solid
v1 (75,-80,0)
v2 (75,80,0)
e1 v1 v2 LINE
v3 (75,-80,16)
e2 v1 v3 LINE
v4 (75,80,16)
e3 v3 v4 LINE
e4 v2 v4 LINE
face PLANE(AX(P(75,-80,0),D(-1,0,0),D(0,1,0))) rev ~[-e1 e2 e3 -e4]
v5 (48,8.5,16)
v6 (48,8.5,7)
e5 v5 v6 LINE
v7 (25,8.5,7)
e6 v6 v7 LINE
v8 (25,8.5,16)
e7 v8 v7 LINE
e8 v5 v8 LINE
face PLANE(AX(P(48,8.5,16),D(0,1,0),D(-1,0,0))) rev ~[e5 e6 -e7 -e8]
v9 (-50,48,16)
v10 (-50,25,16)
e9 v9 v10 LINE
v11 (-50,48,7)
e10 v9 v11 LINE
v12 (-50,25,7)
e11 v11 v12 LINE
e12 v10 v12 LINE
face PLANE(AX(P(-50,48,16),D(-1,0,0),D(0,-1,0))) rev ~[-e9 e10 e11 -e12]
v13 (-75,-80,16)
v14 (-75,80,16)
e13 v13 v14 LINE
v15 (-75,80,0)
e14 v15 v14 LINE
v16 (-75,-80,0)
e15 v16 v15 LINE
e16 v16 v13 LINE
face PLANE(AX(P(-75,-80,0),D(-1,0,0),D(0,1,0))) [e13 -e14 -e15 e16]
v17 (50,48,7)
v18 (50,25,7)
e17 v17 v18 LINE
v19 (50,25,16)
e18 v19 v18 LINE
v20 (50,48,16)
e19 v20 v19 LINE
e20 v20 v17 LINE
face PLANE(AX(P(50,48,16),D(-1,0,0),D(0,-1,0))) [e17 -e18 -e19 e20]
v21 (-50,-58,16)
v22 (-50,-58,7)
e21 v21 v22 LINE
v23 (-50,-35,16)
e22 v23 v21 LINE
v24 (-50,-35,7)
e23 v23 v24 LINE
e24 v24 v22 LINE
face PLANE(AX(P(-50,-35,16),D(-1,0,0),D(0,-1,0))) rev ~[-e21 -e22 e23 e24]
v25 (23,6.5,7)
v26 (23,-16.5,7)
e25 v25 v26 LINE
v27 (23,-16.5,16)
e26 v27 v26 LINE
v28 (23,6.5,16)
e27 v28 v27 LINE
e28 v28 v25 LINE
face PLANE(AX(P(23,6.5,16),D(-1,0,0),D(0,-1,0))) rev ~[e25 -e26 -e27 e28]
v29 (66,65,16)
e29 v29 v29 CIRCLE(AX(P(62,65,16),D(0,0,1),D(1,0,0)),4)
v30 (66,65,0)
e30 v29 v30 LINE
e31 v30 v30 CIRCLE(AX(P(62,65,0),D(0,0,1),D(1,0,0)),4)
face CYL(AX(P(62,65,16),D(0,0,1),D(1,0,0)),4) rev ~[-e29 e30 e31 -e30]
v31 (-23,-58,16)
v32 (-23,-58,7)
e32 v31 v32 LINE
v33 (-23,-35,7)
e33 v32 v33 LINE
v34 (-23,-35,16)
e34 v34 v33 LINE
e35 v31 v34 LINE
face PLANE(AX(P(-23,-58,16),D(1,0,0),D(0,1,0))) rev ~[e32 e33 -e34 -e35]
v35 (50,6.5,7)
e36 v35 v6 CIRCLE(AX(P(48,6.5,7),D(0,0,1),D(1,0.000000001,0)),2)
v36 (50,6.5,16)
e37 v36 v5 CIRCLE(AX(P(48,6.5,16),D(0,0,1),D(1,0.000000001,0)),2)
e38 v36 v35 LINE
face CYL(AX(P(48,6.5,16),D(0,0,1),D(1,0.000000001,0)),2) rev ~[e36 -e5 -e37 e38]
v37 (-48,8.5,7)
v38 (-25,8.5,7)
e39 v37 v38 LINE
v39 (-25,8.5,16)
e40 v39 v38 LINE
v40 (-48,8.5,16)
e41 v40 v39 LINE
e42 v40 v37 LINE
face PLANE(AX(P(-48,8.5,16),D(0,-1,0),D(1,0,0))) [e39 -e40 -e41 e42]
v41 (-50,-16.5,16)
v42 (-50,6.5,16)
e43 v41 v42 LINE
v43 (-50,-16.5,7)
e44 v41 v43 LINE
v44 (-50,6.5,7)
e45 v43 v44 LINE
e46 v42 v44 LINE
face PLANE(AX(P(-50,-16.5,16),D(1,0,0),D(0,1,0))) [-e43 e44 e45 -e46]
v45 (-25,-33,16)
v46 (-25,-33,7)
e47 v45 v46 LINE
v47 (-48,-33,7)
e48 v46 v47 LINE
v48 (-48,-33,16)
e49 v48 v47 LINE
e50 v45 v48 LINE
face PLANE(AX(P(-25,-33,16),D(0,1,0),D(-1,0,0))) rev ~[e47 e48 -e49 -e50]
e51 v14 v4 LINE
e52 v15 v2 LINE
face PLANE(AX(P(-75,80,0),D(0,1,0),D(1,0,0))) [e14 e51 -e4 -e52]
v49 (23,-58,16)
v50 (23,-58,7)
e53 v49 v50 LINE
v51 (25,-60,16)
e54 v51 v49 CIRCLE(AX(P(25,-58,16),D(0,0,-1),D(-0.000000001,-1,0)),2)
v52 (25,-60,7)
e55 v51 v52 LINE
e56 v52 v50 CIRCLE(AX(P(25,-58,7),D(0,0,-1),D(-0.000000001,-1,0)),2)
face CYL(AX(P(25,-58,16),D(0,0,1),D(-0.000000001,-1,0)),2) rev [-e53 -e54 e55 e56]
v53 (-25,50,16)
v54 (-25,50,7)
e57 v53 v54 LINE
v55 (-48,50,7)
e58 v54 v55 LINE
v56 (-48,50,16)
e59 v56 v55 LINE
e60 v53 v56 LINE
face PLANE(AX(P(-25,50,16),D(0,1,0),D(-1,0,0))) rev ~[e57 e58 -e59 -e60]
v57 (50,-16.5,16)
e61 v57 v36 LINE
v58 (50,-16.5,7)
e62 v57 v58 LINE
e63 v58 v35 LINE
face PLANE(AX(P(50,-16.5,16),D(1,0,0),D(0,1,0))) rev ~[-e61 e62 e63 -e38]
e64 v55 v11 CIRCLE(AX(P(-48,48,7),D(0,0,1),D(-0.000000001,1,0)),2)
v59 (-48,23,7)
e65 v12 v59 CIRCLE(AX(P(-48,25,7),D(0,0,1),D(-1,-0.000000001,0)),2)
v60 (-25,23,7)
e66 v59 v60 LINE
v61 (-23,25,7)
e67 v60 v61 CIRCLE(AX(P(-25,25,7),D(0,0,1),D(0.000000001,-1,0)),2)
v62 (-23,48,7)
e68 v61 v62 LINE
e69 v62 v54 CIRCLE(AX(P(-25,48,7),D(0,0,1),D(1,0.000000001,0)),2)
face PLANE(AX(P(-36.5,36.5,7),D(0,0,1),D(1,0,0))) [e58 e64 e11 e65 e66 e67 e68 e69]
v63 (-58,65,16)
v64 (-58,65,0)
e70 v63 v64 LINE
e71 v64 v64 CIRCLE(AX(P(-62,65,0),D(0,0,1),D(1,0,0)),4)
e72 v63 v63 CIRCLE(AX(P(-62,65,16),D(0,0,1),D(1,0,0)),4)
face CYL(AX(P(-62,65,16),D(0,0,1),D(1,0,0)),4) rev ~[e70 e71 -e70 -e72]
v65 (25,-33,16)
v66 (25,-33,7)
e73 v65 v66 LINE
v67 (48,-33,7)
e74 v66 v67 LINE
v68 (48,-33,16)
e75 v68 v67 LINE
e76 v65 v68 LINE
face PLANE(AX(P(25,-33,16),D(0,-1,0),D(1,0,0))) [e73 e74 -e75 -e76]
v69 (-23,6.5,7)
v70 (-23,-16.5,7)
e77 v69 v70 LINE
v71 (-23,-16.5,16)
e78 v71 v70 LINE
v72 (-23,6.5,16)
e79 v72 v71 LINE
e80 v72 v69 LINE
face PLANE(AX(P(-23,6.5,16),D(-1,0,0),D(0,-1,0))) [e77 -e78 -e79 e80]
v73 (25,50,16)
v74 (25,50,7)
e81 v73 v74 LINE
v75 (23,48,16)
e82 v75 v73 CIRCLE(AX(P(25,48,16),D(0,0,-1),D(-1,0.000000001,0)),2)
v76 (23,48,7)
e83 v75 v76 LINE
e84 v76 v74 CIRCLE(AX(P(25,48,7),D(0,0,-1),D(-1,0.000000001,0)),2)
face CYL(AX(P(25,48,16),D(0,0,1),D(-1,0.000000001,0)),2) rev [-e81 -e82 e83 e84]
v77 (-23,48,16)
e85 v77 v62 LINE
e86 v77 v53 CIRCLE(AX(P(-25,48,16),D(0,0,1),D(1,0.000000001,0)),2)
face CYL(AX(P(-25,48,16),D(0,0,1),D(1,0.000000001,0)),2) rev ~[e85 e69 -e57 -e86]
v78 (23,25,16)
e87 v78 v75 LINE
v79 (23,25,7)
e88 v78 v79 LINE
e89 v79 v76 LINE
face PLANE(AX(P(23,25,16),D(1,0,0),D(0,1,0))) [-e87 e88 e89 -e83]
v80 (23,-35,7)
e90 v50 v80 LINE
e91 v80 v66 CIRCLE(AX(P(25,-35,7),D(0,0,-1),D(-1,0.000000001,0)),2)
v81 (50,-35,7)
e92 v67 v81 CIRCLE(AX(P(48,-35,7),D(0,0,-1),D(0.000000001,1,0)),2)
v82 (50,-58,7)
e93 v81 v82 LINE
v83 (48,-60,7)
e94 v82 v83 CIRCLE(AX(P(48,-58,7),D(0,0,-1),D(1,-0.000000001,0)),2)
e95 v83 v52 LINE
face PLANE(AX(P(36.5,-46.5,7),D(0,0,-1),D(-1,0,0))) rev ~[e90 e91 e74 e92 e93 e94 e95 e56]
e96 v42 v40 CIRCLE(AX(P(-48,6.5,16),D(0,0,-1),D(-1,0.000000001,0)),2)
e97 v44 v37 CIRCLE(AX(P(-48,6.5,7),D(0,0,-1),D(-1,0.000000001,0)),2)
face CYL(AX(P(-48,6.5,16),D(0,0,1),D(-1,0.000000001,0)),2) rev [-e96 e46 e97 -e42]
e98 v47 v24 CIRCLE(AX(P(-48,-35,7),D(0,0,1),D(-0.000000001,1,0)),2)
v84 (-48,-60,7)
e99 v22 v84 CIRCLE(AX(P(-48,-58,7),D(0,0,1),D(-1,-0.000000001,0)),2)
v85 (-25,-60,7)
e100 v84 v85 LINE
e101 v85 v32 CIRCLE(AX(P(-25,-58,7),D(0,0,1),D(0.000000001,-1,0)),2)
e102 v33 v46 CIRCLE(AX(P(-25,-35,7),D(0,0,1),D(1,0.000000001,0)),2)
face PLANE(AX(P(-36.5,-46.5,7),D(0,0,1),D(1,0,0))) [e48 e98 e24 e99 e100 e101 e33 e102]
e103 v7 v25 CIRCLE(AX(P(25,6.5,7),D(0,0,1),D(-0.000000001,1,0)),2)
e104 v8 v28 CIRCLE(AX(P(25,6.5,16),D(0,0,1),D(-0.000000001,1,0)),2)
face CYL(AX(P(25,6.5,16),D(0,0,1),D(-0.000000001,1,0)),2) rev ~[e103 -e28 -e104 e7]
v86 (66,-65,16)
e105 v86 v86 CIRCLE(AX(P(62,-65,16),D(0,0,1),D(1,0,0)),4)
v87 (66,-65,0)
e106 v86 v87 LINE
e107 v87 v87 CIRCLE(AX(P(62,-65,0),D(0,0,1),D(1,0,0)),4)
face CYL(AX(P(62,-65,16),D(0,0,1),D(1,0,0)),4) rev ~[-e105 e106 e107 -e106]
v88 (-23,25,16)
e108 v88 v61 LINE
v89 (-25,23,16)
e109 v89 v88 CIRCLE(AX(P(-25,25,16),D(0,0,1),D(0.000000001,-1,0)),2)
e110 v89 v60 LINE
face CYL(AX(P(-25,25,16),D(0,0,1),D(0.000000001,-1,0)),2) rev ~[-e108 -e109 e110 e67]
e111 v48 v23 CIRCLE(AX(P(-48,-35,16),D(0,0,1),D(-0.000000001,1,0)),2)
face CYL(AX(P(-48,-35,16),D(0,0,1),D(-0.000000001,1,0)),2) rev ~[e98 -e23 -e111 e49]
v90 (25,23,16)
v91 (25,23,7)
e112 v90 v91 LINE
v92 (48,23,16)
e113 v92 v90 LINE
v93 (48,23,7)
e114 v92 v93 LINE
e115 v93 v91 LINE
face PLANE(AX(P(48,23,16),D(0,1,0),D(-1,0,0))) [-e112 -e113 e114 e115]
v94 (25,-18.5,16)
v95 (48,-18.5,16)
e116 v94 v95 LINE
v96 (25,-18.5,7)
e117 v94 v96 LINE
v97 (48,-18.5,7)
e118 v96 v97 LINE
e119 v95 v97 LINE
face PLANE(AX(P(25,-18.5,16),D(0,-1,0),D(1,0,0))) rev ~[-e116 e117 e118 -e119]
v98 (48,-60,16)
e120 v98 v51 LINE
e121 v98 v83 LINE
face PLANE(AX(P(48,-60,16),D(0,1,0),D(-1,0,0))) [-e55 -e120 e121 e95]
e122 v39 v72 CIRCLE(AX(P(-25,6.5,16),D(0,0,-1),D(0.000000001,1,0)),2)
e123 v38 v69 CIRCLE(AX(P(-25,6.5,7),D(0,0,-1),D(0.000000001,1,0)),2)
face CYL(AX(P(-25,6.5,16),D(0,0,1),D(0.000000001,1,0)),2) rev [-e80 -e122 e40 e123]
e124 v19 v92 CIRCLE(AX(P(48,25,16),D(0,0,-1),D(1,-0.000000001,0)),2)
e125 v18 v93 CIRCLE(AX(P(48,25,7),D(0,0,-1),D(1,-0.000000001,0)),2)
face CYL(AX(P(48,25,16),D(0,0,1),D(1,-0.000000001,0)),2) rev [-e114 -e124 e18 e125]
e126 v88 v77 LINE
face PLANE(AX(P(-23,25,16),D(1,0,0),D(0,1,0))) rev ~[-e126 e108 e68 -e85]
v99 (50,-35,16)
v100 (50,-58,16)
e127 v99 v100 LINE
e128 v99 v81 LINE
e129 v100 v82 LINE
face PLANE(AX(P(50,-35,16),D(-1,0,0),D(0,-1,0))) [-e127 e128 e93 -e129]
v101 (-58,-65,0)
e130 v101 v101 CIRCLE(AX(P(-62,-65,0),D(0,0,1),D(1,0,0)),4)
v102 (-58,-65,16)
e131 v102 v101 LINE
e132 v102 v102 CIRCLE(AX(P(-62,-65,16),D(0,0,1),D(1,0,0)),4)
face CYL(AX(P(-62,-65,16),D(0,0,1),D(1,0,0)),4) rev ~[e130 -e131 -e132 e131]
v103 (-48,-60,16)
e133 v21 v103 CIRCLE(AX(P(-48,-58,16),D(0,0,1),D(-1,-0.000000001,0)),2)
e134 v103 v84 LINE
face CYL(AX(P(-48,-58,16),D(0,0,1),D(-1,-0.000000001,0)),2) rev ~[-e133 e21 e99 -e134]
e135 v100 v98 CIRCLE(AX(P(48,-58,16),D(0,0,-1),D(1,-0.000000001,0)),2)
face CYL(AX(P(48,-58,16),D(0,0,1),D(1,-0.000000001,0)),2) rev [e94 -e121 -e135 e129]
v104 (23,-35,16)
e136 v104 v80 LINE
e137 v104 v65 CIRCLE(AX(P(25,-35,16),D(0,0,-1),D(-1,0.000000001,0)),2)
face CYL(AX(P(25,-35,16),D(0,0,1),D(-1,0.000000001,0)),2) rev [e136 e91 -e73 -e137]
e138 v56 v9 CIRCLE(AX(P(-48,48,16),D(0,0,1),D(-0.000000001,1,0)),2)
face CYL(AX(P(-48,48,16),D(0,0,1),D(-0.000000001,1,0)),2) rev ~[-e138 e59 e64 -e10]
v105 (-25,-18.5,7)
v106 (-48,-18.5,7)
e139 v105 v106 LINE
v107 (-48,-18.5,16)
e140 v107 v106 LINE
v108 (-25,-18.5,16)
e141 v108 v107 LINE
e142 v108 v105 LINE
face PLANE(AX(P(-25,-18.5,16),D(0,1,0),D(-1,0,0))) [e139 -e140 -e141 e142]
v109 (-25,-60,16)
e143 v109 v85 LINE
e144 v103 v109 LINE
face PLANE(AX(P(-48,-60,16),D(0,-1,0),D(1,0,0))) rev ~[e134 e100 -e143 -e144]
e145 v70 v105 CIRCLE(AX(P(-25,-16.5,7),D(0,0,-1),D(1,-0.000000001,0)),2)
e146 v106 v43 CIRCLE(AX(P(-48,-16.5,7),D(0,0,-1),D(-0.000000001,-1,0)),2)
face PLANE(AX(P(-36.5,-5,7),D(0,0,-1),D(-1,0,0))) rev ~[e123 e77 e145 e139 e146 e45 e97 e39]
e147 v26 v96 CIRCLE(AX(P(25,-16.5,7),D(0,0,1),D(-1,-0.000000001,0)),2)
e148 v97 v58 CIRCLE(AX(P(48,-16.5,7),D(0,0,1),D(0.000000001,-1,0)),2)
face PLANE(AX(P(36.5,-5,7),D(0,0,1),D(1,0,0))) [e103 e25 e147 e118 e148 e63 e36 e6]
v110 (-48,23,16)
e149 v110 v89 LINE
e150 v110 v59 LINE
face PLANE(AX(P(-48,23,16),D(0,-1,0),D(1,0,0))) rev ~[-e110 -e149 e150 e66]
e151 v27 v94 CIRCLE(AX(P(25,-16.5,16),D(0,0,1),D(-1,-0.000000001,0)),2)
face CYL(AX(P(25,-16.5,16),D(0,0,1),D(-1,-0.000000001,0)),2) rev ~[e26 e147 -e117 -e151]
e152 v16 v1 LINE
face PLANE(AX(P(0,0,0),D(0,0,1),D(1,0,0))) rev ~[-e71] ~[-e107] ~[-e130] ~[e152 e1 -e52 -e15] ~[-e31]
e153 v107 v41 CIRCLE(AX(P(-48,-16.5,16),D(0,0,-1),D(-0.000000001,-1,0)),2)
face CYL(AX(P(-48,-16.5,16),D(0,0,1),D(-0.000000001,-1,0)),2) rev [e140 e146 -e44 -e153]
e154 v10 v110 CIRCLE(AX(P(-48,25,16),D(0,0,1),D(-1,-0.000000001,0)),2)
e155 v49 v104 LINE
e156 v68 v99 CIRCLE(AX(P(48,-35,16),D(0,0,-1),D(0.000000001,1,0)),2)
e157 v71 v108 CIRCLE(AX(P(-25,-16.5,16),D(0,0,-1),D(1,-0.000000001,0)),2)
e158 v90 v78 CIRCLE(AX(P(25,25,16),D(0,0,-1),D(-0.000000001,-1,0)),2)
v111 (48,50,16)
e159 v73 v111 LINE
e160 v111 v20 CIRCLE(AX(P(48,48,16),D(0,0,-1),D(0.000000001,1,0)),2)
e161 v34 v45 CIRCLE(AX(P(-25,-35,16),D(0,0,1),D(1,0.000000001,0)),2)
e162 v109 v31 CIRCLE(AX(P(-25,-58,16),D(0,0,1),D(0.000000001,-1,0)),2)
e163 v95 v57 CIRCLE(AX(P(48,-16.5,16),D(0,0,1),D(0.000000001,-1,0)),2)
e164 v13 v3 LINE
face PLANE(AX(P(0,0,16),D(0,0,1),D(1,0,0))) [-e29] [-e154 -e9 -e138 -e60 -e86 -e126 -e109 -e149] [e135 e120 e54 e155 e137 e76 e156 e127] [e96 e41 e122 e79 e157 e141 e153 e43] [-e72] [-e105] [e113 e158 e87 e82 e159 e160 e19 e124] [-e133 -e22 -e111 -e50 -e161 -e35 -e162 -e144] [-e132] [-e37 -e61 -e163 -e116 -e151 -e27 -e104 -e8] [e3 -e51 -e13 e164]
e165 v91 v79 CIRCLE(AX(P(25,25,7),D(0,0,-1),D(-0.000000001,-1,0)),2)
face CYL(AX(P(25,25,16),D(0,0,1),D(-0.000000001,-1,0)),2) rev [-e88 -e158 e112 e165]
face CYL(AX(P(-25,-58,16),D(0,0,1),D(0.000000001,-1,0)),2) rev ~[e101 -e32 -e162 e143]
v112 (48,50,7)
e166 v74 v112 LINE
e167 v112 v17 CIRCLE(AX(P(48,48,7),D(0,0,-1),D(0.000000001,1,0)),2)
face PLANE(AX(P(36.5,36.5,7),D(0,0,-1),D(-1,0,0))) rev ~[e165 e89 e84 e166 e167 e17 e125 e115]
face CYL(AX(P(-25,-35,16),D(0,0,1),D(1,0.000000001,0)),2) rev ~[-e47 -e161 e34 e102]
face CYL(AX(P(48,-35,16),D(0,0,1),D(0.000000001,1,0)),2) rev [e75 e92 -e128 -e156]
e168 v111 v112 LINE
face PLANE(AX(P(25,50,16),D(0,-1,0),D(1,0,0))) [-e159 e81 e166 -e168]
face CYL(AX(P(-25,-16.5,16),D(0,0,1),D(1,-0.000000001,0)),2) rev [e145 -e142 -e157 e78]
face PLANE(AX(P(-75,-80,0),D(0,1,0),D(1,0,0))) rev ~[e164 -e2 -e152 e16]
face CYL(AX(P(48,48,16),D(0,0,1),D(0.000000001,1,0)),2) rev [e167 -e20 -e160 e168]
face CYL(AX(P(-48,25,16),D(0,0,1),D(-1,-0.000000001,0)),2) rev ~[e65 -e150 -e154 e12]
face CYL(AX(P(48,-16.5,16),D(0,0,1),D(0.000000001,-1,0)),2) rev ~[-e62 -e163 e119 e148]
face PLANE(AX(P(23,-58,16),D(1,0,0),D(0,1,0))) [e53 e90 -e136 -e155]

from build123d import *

# Parameters (mm, degrees)
SKETCH1_W           = 150
SKETCH1_H           = 160
BOSS_EXTRUDE1_DEPTH = 16
CUT_EXTRUDE1_DEPTH  = 9
SKETCH3_R           = 4
CUT_EXTRUDE2_DEPTH  = 17


with BuildPart() as part:
    # Sketch1 → Boss-Extrude1 (new body)
    with BuildSketch(Plane.XY):
        Rectangle(SKETCH1_W, SKETCH1_H)
    extrude(amount=BOSS_EXTRUDE1_DEPTH)

    # Sketch2 → Cut-Extrude1 (cut)
    with BuildSketch(Plane.XY.offset(16)):
        with BuildLine():
            Line((-48, 23), (-25, 23))
            ThreePointArc((-25, 23), (-23.585786438, 23.585786438), (-23, 25))
            Line((-23, 25), (-23, 48))
            ThreePointArc((-23, 48), (-23.585786438, 49.414213562), (-25, 50))
            Line((-25, 50), (-48, 50))
            ThreePointArc((-48, 50), (-49.414213562, 49.414213562), (-50, 48))
            Line((-50, 48), (-50, 25))
            ThreePointArc((-50, 25), (-49.414213562, 23.585786438), (-48, 23))
        make_face()
        with BuildLine():
            Line((23, 25), (23, 48))
            ThreePointArc((23, 48), (23.585786438, 49.414213562), (25, 50))
            Line((25, 50), (48, 50))
            ThreePointArc((48, 50), (49.414213562, 49.414213562), (50, 48))
            Line((50, 48), (50, 25))
            ThreePointArc((50, 25), (49.414213562, 23.585786438), (48, 23))
            Line((48, 23), (25, 23))
            ThreePointArc((25, 23), (23.585786438, 23.585786438), (23, 25))
        make_face()
        with BuildLine():
            Line((-48, -60), (-25, -60))
            ThreePointArc((-25, -60), (-23.585786438, -59.414213562), (-23, -58))
            Line((-23, -58), (-23, -35))
            ThreePointArc((-23, -35), (-23.585786438, -33.585786438), (-25, -33))
            Line((-25, -33), (-48, -33))
            ThreePointArc((-48, -33), (-49.414213562, -33.585786438), (-50, -35))
            Line((-50, -35), (-50, -58))
            ThreePointArc((-50, -58), (-49.414213562, -59.414213562), (-48, -60))
        make_face()
        with BuildLine():
            Line((23, -58), (23, -35))
            ThreePointArc((23, -35), (23.585786438, -33.585786438), (25, -33))
            Line((25, -33), (48, -33))
            ThreePointArc((48, -33), (49.414213562, -33.585786438), (50, -35))
            Line((50, -35), (50, -58))
            ThreePointArc((50, -58), (49.414213562, -59.414213562), (48, -60))
            Line((48, -60), (25, -60))
            ThreePointArc((25, -60), (23.585786438, -59.414213562), (23, -58))
        make_face()
        with BuildLine():
            Line((-25, -18.5), (-48, -18.5))
            ThreePointArc((-48, -18.5), (-49.414213562, -17.914213562), (-50, -16.5))
            Line((-50, -16.5), (-50, 6.5))
            ThreePointArc((-50, 6.5), (-49.414213562, 7.914213562), (-48, 8.5))
            Line((-48, 8.5), (-25, 8.5))
            ThreePointArc((-25, 8.5), (-23.585786438, 7.914213562), (-23, 6.5))
            Line((-23, 6.5), (-23, -16.5))
            ThreePointArc((-23, -16.5), (-23.585786438, -17.914213562), (-25, -18.5))
        make_face()
        with BuildLine():
            Line((50, -16.5), (50, 6.5))
            ThreePointArc((50, 6.5), (49.414213562, 7.914213562), (48, 8.5))
            Line((48, 8.5), (25, 8.5))
            ThreePointArc((25, 8.5), (23.585786438, 7.914213562), (23, 6.5))
            Line((23, 6.5), (23, -16.5))
            ThreePointArc((23, -16.5), (23.585786438, -17.914213562), (25, -18.5))
            Line((25, -18.5), (48, -18.5))
            ThreePointArc((48, -18.5), (49.414213562, -17.914213562), (50, -16.5))
        make_face()
    extrude(amount=-CUT_EXTRUDE1_DEPTH, mode=Mode.SUBTRACT)

    # Sketch3 → Cut-Extrude2 (cut, through all)
    with BuildSketch(Plane.XY.offset(16)):
        with Locations((-62, 65)):
            Circle(SKETCH3_R)
        with Locations((62, 65)):
            Circle(SKETCH3_R)
        with Locations((62, -65)):
            Circle(SKETCH3_R)
        with Locations((-62, -65)):
            Circle(SKETCH3_R)
    extrude(amount=-CUT_EXTRUDE2_DEPTH, mode=Mode.SUBTRACT)


solid = part.part
